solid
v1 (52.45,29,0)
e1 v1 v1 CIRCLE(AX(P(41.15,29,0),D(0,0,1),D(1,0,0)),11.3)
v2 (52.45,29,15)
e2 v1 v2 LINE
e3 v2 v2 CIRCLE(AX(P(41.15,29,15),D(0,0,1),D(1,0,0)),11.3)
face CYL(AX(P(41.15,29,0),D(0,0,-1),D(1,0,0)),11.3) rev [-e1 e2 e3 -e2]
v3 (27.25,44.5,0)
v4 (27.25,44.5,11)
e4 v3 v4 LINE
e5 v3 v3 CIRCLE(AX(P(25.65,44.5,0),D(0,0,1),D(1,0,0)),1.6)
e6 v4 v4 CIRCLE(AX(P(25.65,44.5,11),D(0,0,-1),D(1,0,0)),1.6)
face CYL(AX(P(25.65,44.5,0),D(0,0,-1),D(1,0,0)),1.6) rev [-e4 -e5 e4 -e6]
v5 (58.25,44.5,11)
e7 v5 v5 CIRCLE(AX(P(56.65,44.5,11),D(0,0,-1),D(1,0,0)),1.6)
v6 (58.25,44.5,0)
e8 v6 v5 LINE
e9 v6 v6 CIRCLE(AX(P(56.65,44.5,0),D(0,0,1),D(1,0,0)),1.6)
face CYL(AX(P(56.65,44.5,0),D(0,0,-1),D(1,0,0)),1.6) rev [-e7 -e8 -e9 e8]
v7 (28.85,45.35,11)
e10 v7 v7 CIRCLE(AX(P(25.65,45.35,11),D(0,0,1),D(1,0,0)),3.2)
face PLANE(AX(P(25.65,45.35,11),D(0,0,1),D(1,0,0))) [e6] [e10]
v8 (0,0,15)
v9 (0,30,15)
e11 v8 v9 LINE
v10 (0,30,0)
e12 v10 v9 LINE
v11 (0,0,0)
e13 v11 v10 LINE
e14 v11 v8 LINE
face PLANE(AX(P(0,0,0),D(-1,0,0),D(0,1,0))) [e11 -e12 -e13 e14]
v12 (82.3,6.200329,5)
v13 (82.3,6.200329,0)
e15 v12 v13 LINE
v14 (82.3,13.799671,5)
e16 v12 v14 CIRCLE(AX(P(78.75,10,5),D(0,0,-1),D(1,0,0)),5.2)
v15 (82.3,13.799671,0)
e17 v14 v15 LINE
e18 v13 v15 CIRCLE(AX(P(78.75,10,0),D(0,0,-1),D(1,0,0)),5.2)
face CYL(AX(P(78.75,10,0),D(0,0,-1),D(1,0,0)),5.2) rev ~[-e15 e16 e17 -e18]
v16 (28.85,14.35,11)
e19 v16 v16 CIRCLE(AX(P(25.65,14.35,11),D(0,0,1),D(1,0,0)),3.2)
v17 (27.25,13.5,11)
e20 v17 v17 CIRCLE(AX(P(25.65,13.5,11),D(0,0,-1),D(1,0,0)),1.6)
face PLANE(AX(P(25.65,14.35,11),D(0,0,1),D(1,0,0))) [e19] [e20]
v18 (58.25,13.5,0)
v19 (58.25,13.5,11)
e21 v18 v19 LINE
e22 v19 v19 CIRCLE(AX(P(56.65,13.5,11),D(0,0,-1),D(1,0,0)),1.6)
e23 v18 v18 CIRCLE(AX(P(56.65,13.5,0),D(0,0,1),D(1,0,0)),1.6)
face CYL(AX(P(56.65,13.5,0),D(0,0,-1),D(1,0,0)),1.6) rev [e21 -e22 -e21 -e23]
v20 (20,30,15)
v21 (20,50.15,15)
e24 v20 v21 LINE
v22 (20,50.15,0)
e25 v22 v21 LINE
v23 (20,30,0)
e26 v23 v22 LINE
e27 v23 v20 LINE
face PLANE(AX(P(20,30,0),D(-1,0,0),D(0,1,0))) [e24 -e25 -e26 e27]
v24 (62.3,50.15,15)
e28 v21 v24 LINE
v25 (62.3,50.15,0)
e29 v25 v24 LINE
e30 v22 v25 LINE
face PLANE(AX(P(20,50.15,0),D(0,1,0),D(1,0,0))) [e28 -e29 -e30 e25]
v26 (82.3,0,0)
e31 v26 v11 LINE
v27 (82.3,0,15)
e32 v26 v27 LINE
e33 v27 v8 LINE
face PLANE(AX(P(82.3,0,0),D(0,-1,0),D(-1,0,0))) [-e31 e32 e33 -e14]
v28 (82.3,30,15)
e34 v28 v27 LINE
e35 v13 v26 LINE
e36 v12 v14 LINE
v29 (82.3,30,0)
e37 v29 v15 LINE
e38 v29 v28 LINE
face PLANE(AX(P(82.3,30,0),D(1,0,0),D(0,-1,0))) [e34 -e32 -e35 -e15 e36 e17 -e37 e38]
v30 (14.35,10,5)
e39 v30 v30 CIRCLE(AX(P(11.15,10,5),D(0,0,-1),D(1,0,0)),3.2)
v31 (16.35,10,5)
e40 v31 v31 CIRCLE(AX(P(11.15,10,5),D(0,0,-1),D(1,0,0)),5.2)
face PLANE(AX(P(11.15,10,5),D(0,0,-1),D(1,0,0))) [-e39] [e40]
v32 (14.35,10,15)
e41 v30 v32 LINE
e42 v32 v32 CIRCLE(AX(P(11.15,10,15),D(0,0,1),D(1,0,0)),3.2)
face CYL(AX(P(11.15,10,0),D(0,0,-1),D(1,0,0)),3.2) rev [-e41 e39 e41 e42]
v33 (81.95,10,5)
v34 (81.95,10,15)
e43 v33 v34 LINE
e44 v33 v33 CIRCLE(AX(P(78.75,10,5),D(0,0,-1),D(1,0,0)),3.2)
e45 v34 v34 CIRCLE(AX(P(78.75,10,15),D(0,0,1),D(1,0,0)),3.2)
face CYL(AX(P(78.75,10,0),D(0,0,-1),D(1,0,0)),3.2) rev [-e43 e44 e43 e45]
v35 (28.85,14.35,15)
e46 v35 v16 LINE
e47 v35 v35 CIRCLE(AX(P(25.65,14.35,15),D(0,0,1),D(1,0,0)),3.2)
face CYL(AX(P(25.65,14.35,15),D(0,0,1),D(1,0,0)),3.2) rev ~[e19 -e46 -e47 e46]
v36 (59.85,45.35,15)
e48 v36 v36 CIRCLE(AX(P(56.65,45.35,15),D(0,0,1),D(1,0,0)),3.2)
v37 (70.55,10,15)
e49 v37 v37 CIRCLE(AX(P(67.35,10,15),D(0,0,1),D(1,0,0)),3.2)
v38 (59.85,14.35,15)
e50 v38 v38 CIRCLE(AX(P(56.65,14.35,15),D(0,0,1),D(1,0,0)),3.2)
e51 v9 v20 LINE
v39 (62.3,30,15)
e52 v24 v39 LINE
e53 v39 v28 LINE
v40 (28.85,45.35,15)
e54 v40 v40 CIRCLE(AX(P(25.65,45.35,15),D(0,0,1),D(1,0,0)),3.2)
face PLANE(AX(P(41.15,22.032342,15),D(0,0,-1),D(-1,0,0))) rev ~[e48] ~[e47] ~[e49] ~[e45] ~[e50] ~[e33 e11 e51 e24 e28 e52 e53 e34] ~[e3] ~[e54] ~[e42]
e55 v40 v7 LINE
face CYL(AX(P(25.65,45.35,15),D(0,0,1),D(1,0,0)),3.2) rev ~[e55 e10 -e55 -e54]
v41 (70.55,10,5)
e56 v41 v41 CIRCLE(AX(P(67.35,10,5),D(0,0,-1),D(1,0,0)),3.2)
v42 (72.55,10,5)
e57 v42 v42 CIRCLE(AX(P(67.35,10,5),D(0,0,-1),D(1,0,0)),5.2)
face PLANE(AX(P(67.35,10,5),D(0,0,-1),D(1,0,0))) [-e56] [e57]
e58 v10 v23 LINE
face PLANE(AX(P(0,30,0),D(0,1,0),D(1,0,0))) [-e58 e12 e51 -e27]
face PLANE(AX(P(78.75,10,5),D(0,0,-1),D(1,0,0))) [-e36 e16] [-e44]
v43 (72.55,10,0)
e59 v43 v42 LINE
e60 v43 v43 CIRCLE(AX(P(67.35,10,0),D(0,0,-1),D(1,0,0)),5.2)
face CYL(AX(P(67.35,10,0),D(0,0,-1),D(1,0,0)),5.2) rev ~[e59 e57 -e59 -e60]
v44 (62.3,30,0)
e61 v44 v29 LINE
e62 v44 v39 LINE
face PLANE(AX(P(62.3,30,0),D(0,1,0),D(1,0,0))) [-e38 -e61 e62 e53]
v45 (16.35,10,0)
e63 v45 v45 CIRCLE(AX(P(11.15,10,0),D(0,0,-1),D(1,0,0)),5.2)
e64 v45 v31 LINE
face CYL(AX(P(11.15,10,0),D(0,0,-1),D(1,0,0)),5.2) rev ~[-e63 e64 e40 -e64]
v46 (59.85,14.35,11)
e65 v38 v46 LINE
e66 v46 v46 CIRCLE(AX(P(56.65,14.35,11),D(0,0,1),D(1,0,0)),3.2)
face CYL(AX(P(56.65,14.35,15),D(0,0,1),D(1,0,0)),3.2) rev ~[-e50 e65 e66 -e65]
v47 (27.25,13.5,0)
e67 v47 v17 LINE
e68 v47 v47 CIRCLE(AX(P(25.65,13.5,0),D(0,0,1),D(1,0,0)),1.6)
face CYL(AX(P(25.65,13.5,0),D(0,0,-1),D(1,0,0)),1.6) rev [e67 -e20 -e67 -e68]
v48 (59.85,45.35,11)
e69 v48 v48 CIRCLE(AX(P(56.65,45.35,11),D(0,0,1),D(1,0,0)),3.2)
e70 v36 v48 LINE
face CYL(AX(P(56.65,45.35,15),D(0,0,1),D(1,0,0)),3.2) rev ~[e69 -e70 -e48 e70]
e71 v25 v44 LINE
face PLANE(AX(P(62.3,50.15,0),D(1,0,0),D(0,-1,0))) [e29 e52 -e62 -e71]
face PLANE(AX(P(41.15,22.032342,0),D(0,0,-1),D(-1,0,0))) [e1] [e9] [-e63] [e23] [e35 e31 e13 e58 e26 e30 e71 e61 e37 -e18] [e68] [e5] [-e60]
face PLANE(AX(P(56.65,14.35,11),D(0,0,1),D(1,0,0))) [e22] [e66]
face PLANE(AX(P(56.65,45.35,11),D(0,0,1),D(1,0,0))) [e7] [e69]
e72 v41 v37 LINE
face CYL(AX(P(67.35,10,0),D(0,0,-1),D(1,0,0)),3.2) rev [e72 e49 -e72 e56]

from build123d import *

# Parameters (mm, degrees)
SKETCH_R        = 11.3
SKETCH_R_2      = 1.6
SKETCH_R_3      = 3.2
PAD_DEPTH       = 15
SKETCH001_R     = 3.2
POCKET_DEPTH    = 4
SKETCH002_R     = 5.2
POCKET001_DEPTH = 5


with BuildPart() as part:
    # Sketch → Pad (new body)
    with BuildSketch(Plane.XY):
        Polygon((20, 30), (20, 50.15), (62.3, 50.15), (62.3, 30), (82.3, 30), (82.3, 0), (0, 0), (0, 30), align=None)
        with Locations((41.15, 29)):
            Circle(SKETCH_R, mode=Mode.SUBTRACT)
        with Locations((25.65, 44.5)):
            Circle(SKETCH_R_2, mode=Mode.SUBTRACT)
        with Locations((25.65, 13.5)):
            Circle(SKETCH_R_2, mode=Mode.SUBTRACT)
        with Locations((56.65, 44.5)):
            Circle(SKETCH_R_2, mode=Mode.SUBTRACT)
        with Locations((56.65, 13.5)):
            Circle(SKETCH_R_2, mode=Mode.SUBTRACT)
        with Locations((11.15, 10)):
            Circle(SKETCH_R_3, mode=Mode.SUBTRACT)
        with Locations((67.35, 10)):
            Circle(SKETCH_R_3, mode=Mode.SUBTRACT)
        with Locations((78.75, 10)):
            Circle(SKETCH_R_3, mode=Mode.SUBTRACT)
    extrude(amount=PAD_DEPTH)

    # Sketch001 (on Face18 of Pad) → Pocket (cut)
    with BuildSketch(Plane.XY.offset(15)):
        with Locations((25.65, 45.35)):
            Circle(SKETCH001_R)
        with Locations((56.65, 45.35)):
            Circle(SKETCH001_R)
        with Locations((56.65, 14.35)):
            Circle(SKETCH001_R)
        with Locations((25.65, 14.35)):
            Circle(SKETCH001_R)
    extrude(amount=-POCKET_DEPTH, mode=Mode.SUBTRACT)

    # Sketch002 (on Face4 of Pocket) → Pocket001 (cut)
    with BuildSketch(Plane(origin=(0, 0, 0), x_dir=(1, 0, 0), z_dir=(0, 0, -1))):
        with Locations((11.15, -10)):
            Circle(SKETCH002_R)
        with Locations((67.35, -10)):
            Circle(SKETCH002_R)
        with Locations((78.75, -10)):
            Circle(SKETCH002_R)
    extrude(amount=-POCKET001_DEPTH, mode=Mode.SUBTRACT)


solid = part.part
